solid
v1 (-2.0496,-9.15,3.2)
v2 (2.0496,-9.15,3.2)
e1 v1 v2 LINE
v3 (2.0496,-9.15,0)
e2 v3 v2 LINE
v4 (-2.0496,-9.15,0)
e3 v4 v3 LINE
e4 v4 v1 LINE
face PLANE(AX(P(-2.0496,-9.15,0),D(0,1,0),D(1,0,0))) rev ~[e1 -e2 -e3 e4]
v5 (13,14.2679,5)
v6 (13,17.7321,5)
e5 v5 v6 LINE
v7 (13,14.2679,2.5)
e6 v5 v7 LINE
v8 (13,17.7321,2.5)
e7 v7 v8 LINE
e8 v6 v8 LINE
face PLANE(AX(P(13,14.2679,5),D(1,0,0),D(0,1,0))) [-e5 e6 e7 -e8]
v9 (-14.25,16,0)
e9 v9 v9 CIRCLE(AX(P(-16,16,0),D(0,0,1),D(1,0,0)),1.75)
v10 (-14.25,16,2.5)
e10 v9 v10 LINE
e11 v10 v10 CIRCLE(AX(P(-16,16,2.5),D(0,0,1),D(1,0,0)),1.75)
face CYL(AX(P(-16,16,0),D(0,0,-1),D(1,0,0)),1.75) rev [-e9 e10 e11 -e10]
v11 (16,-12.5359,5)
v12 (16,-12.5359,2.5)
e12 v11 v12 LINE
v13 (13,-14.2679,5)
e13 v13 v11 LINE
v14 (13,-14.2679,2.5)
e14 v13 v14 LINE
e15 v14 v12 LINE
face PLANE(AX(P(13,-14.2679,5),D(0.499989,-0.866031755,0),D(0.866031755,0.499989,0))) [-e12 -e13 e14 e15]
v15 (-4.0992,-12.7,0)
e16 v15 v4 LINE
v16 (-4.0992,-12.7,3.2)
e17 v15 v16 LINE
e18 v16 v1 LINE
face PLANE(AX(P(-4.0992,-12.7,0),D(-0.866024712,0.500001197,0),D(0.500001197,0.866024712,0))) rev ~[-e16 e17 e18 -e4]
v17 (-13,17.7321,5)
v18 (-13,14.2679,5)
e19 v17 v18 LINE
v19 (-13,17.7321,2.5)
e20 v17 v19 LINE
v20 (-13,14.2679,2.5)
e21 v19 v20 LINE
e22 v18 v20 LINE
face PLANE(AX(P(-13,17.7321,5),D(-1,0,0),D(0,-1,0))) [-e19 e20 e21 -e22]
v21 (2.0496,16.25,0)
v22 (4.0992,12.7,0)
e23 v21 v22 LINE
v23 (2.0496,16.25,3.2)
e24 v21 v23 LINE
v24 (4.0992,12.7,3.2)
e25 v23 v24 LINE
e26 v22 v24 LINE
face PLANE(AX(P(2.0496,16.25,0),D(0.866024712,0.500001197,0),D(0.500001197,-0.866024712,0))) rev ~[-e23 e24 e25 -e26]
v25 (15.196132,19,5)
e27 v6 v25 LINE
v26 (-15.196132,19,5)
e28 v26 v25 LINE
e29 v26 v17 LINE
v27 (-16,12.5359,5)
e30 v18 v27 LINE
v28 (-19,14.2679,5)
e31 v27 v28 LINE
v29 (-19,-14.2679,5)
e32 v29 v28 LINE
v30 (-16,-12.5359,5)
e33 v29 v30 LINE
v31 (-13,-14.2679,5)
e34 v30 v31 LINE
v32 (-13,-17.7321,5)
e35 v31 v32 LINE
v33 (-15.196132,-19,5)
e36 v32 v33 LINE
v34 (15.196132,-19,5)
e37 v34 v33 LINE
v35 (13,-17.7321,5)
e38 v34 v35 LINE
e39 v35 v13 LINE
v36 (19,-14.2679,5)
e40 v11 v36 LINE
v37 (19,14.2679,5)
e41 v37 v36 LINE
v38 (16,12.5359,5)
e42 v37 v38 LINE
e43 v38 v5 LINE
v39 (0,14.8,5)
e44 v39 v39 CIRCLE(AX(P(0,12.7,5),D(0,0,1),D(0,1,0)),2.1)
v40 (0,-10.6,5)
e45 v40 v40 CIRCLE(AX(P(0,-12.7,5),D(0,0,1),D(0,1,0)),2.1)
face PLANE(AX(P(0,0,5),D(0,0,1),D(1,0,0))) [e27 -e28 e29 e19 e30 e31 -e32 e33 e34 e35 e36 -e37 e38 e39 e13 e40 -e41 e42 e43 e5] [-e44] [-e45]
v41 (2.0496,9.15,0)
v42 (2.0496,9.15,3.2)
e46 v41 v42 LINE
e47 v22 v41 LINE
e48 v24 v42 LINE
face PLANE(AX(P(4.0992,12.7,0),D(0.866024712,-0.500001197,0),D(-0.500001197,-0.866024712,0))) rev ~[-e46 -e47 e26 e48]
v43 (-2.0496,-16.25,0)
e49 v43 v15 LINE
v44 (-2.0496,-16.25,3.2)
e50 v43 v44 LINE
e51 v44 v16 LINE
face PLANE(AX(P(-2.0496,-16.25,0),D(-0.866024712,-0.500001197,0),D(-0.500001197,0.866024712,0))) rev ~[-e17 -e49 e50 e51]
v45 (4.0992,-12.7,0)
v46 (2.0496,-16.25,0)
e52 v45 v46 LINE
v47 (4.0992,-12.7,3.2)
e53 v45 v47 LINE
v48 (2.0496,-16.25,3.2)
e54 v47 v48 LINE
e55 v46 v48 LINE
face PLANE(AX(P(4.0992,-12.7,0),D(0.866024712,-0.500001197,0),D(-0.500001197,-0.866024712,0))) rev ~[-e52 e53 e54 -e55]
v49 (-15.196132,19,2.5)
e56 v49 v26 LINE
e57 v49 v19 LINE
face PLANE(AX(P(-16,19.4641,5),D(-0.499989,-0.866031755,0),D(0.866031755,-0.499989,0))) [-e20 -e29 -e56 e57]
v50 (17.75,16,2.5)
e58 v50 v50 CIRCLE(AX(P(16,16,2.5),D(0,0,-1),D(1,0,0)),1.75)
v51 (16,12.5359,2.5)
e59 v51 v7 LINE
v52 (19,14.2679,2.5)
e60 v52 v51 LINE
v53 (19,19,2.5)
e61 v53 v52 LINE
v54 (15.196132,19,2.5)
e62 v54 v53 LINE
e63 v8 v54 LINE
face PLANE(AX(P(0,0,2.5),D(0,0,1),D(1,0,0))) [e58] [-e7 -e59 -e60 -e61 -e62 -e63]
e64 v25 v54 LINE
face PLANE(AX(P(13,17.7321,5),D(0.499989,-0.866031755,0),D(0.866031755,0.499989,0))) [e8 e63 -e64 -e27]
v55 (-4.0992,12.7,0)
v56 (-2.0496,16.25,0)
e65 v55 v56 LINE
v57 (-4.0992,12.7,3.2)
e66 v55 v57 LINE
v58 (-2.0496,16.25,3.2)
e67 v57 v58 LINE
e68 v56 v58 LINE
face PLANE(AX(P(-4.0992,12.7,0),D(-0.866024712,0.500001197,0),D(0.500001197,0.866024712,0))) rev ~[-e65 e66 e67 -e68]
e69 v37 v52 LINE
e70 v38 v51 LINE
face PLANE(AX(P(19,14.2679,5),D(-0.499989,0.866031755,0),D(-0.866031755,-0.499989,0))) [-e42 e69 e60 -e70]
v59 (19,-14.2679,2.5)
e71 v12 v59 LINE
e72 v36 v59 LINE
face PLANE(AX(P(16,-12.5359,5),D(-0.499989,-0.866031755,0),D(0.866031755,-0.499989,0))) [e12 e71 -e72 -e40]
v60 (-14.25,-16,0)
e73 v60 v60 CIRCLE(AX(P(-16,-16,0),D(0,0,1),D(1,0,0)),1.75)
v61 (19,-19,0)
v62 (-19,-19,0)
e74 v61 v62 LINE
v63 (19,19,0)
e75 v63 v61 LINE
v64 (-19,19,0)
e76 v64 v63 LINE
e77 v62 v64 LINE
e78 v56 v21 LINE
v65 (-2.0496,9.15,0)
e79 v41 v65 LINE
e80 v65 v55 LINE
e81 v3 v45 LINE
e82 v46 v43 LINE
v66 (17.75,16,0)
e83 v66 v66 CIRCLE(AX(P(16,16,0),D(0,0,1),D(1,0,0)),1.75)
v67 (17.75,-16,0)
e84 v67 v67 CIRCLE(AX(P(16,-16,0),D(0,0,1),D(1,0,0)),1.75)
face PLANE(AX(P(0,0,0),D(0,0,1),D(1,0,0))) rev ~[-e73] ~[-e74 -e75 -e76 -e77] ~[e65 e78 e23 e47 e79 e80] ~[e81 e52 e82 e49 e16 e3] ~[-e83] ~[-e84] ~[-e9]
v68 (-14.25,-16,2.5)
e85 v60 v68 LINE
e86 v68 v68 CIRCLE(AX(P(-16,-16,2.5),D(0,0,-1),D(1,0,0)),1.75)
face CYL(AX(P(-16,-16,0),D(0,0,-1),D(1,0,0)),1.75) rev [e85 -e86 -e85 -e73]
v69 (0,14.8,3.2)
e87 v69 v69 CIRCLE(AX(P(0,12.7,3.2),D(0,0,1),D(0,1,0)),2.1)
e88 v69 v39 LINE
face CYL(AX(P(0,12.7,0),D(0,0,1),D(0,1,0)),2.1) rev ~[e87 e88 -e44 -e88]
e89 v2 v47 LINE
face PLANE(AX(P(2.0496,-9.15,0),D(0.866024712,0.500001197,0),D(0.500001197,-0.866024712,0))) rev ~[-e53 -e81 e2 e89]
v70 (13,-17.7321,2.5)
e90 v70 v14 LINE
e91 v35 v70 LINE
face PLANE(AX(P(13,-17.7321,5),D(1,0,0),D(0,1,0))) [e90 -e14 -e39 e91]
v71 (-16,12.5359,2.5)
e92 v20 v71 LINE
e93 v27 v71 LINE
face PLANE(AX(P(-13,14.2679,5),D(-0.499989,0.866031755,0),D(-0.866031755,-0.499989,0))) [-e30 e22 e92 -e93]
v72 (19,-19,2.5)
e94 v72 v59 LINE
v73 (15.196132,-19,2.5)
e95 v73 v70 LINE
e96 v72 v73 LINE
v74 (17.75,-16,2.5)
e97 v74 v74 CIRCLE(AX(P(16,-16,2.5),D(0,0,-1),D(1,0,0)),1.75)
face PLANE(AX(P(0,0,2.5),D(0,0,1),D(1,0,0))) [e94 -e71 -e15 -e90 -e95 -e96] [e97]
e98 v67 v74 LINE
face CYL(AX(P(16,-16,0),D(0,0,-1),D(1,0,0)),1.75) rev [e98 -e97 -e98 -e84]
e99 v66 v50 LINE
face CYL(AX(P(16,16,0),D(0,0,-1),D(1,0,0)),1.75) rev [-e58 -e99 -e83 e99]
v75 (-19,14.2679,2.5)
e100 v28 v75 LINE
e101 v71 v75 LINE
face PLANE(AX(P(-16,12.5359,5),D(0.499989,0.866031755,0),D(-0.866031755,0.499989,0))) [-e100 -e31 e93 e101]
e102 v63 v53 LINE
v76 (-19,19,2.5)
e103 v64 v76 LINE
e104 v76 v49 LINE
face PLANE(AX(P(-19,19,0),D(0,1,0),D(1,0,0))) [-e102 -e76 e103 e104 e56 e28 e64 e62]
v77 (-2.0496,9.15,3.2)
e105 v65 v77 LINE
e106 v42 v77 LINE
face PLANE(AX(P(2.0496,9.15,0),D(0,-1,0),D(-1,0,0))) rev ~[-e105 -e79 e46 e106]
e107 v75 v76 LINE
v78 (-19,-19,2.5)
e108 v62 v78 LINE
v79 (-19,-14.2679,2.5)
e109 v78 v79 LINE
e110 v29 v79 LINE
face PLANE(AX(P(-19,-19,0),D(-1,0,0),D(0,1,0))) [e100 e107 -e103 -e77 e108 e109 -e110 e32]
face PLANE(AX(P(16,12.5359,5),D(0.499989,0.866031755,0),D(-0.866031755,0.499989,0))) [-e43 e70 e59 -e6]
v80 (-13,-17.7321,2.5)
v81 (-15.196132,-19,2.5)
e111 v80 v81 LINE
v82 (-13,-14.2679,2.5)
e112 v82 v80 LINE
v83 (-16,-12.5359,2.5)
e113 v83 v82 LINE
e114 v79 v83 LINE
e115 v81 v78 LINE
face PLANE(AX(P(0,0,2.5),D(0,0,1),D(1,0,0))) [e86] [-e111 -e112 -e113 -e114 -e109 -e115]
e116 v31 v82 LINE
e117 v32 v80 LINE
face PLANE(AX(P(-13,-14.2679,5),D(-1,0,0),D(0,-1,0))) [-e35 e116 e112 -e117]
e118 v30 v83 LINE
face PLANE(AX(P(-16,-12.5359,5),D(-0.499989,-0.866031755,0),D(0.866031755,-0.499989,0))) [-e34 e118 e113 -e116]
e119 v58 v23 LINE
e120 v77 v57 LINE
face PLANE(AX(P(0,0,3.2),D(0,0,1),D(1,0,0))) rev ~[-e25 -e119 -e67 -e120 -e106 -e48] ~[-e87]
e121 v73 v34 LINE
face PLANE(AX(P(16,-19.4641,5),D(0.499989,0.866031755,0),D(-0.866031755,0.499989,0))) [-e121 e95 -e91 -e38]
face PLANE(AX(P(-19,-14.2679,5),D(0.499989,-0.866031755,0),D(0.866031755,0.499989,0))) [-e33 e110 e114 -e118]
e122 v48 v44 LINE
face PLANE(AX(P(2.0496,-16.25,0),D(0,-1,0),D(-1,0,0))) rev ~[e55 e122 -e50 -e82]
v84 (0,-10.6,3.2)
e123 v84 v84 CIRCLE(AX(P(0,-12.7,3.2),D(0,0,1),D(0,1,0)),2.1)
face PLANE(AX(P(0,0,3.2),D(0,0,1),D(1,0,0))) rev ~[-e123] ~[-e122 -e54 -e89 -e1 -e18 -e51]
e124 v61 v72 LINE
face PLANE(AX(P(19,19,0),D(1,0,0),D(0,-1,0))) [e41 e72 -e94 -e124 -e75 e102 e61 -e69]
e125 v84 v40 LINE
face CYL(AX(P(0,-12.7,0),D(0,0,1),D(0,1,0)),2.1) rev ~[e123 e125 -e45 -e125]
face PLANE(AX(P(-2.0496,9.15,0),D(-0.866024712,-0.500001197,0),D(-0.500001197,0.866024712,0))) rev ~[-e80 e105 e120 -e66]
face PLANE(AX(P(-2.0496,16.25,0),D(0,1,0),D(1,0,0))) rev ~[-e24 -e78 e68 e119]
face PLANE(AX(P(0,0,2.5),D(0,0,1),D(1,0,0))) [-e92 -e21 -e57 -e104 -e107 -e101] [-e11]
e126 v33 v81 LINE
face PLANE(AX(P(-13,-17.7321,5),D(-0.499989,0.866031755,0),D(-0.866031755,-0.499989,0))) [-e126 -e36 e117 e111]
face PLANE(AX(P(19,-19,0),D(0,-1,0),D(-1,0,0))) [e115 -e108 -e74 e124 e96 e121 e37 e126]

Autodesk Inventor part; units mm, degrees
ref_plane "YZ Plane" through (0, 0, 0) normal (1, 0, 0) x (0, 1, 0)
ref_plane "XZ Plane" through (0, 0, 0) normal (0, 1, 0) x (-1, 0, 0)
ref_plane "XY Plane" through (0, 0, 0) normal (0, 0, 1) x (1, 0, 0)
sketch "Sketch5" plane through (0, 0, 0) normal (0, 0, 1) x (1, 0, 0)
  circle A0 centre (-16, 16) radius 1.75
  line L0 (-3.5516, 0) -> (2.966, 0)
  line L1 (0, 4.5757) -> (0, -5.4514)
  circle A1 centre (16, 16) radius 1.75
  circle A2 centre (-16, -16) radius 1.75
  circle A3 centre (16, -16) radius 1.75
  line L2 (19, -19) -> (-19, -19)
  line L3 (-19, -19) -> (-19, 19)
  line L4 (-19, 19) -> (19, 19)
  line L5 (19, 19) -> (19, -19)
  line L6 (19, -19) -> (-19, 19) construction
  line L7 (-19, -19) -> (19, 19) construction
  line L8 (4.0992, -12.7) -> (2.0496, -16.25)
  line L9 (2.0496, -16.25) -> (-2.0496, -16.25)
  line L10 (-2.0496, -16.25) -> (-4.0992, -12.7)
  line L11 (-4.0992, -12.7) -> (-2.0496, -9.15)
  line L12 (-2.0496, -9.15) -> (2.0496, -9.15)
  line L13 (2.0496, -9.15) -> (4.0992, -12.7)
  line L14 (4.0992, 12.7) -> (2.0496, 9.15)
  line L15 (2.0496, 9.15) -> (-2.0496, 9.15)
  line L16 (-2.0496, 9.15) -> (-4.0992, 12.7)
  line L17 (-4.0992, 12.7) -> (-2.0496, 16.25)
  line L18 (-2.0496, 16.25) -> (2.0496, 16.25)
  line L19 (2.0496, 16.25) -> (4.0992, 12.7)
  point P0 (0, 0)
  point P1 (0, 12.7)
  point P2 (0, -12.7)
  point P3 (0, -12.7)
  point P4 (0, 12.7)
  point P5 (0, -16.25)
  dimension "d47" = 3.5
  dimension "d50" = 32
  dimension "d53" = 32
  dimension "d56" = 16
  dimension "d57" = 16
  dimension "d58" = 38
  dimension "d59" = 38
  dimension "d73" = 7.1
  dimension "d74" = 7.1
extrude "Extrusion3" add sketch "Sketch5" along normal blind 5 contours L2 L3 L4 L5 | L8 L9 L10 L11 L12 L13 | L14 L15 L16 L17 L18 L19
sketch "Sketch6" plane through (0, 0, 5) normal (0, 0, 1) x (1, 0, 0)
  circle A0 centre (-16, 16) radius 1.75 projected
  line L0 (-16, 19.4641) -> (-13, 17.7321)
  line L1 (-13, 17.7321) -> (-13, 14.2679)
  line L2 (-13, 14.2679) -> (-16, 12.5359)
  line L3 (-16, 12.5359) -> (-19, 14.2679)
  line L4 (-19, 14.2679) -> (-19, 17.7321)
  line L5 (-19, 17.7321) -> (-16, 19.4641)
  line L6 (0, 4.5757) -> (0, -5.4514) projected
  line L7 (-3.5516, 0) -> (2.966, 0) projected
  line L8 (16, 19.4641) -> (19, 17.7321)
  line L9 (19, 17.7321) -> (19, 14.2679)
  line L10 (19, 14.2679) -> (16, 12.5359)
  line L11 (16, 12.5359) -> (13, 14.2679)
  line L12 (13, 14.2679) -> (13, 17.7321)
  line L13 (13, 17.7321) -> (16, 19.4641)
  line L14 (-16, -12.5359) -> (-13, -14.2679)
  line L15 (-13, -14.2679) -> (-13, -17.7321)
  line L16 (-13, -17.7321) -> (-16, -19.4641)
  line L17 (-16, -19.4641) -> (-19, -17.7321)
  line L18 (-19, -17.7321) -> (-19, -14.2679)
  line L19 (-19, -14.2679) -> (-16, -12.5359)
  line L20 (16, -12.5359) -> (19, -14.2679)
  line L21 (19, -14.2679) -> (19, -17.7321)
  line L22 (19, -17.7321) -> (16, -19.4641)
  line L23 (16, -19.4641) -> (13, -17.7321)
  line L24 (13, -17.7321) -> (13, -14.2679)
  line L25 (13, -14.2679) -> (16, -12.5359)
  point P0 (0, 0)
  point P1 (-13, 16)
  point P2 (16, 16)
  point P3 (16, 16)
  point P4 (19, 16)
  point P5 (-16, -16)
  point P6 (-16, -16)
  point P7 (-13, -16)
  point P8 (16, -16)
  point P9 (16, -16)
  point P10 (19, -16)
  dimension "d62" = 6
  dimension "d65" = 32
  dimension "d68" = 32
extrude "Extrusion4" cut sketch "Sketch6" against normal blind 2.5
extrude "Extrusion5" cut sketch "Sketch5" along normal blind 3.2 contours L8 L9 L10 L11 L12 L13 | L14 L15 L16 L17 L18 L19
hole "Hole4" at (0, 12.7, 0) at (0, -12.7, 0) direction (0, 0, 1) diameter 4.2 end through all
sketch "Sketch7" plane through (0, 0, 5) normal (0, 0, 1) x (1, 0, 0)
  line L0 (-16.8038, -19) -> (-19, -17.7321) projected
  line L1 (-19, -19) -> (-19, 19) projected
  line L2 (19, -19) -> (-19, -19) projected
  line L3 (19, -19) -> (-19, 19) construction
  line L4 (-19, 17.7321) -> (-16.8038, 19) projected
  line L5 (-19, 19) -> (19, 19) projected
  line L6 (16.8038, 19) -> (19, 17.7321) projected
  line L7 (19, 19) -> (19, -19) projected
  line L8 (19, -17.7321) -> (16.8038, -19) projected
  point P0 (0, 0)
extrude "Extrusion6" cut sketch "Sketch7" against normal up to surface (2.5 mm away) contours L2 L1 L0 | L8 L7 L2 | L1 L5 L4 | L6 L5 L7
properties part number "RD-PDT-S-to-M4-bolts"
